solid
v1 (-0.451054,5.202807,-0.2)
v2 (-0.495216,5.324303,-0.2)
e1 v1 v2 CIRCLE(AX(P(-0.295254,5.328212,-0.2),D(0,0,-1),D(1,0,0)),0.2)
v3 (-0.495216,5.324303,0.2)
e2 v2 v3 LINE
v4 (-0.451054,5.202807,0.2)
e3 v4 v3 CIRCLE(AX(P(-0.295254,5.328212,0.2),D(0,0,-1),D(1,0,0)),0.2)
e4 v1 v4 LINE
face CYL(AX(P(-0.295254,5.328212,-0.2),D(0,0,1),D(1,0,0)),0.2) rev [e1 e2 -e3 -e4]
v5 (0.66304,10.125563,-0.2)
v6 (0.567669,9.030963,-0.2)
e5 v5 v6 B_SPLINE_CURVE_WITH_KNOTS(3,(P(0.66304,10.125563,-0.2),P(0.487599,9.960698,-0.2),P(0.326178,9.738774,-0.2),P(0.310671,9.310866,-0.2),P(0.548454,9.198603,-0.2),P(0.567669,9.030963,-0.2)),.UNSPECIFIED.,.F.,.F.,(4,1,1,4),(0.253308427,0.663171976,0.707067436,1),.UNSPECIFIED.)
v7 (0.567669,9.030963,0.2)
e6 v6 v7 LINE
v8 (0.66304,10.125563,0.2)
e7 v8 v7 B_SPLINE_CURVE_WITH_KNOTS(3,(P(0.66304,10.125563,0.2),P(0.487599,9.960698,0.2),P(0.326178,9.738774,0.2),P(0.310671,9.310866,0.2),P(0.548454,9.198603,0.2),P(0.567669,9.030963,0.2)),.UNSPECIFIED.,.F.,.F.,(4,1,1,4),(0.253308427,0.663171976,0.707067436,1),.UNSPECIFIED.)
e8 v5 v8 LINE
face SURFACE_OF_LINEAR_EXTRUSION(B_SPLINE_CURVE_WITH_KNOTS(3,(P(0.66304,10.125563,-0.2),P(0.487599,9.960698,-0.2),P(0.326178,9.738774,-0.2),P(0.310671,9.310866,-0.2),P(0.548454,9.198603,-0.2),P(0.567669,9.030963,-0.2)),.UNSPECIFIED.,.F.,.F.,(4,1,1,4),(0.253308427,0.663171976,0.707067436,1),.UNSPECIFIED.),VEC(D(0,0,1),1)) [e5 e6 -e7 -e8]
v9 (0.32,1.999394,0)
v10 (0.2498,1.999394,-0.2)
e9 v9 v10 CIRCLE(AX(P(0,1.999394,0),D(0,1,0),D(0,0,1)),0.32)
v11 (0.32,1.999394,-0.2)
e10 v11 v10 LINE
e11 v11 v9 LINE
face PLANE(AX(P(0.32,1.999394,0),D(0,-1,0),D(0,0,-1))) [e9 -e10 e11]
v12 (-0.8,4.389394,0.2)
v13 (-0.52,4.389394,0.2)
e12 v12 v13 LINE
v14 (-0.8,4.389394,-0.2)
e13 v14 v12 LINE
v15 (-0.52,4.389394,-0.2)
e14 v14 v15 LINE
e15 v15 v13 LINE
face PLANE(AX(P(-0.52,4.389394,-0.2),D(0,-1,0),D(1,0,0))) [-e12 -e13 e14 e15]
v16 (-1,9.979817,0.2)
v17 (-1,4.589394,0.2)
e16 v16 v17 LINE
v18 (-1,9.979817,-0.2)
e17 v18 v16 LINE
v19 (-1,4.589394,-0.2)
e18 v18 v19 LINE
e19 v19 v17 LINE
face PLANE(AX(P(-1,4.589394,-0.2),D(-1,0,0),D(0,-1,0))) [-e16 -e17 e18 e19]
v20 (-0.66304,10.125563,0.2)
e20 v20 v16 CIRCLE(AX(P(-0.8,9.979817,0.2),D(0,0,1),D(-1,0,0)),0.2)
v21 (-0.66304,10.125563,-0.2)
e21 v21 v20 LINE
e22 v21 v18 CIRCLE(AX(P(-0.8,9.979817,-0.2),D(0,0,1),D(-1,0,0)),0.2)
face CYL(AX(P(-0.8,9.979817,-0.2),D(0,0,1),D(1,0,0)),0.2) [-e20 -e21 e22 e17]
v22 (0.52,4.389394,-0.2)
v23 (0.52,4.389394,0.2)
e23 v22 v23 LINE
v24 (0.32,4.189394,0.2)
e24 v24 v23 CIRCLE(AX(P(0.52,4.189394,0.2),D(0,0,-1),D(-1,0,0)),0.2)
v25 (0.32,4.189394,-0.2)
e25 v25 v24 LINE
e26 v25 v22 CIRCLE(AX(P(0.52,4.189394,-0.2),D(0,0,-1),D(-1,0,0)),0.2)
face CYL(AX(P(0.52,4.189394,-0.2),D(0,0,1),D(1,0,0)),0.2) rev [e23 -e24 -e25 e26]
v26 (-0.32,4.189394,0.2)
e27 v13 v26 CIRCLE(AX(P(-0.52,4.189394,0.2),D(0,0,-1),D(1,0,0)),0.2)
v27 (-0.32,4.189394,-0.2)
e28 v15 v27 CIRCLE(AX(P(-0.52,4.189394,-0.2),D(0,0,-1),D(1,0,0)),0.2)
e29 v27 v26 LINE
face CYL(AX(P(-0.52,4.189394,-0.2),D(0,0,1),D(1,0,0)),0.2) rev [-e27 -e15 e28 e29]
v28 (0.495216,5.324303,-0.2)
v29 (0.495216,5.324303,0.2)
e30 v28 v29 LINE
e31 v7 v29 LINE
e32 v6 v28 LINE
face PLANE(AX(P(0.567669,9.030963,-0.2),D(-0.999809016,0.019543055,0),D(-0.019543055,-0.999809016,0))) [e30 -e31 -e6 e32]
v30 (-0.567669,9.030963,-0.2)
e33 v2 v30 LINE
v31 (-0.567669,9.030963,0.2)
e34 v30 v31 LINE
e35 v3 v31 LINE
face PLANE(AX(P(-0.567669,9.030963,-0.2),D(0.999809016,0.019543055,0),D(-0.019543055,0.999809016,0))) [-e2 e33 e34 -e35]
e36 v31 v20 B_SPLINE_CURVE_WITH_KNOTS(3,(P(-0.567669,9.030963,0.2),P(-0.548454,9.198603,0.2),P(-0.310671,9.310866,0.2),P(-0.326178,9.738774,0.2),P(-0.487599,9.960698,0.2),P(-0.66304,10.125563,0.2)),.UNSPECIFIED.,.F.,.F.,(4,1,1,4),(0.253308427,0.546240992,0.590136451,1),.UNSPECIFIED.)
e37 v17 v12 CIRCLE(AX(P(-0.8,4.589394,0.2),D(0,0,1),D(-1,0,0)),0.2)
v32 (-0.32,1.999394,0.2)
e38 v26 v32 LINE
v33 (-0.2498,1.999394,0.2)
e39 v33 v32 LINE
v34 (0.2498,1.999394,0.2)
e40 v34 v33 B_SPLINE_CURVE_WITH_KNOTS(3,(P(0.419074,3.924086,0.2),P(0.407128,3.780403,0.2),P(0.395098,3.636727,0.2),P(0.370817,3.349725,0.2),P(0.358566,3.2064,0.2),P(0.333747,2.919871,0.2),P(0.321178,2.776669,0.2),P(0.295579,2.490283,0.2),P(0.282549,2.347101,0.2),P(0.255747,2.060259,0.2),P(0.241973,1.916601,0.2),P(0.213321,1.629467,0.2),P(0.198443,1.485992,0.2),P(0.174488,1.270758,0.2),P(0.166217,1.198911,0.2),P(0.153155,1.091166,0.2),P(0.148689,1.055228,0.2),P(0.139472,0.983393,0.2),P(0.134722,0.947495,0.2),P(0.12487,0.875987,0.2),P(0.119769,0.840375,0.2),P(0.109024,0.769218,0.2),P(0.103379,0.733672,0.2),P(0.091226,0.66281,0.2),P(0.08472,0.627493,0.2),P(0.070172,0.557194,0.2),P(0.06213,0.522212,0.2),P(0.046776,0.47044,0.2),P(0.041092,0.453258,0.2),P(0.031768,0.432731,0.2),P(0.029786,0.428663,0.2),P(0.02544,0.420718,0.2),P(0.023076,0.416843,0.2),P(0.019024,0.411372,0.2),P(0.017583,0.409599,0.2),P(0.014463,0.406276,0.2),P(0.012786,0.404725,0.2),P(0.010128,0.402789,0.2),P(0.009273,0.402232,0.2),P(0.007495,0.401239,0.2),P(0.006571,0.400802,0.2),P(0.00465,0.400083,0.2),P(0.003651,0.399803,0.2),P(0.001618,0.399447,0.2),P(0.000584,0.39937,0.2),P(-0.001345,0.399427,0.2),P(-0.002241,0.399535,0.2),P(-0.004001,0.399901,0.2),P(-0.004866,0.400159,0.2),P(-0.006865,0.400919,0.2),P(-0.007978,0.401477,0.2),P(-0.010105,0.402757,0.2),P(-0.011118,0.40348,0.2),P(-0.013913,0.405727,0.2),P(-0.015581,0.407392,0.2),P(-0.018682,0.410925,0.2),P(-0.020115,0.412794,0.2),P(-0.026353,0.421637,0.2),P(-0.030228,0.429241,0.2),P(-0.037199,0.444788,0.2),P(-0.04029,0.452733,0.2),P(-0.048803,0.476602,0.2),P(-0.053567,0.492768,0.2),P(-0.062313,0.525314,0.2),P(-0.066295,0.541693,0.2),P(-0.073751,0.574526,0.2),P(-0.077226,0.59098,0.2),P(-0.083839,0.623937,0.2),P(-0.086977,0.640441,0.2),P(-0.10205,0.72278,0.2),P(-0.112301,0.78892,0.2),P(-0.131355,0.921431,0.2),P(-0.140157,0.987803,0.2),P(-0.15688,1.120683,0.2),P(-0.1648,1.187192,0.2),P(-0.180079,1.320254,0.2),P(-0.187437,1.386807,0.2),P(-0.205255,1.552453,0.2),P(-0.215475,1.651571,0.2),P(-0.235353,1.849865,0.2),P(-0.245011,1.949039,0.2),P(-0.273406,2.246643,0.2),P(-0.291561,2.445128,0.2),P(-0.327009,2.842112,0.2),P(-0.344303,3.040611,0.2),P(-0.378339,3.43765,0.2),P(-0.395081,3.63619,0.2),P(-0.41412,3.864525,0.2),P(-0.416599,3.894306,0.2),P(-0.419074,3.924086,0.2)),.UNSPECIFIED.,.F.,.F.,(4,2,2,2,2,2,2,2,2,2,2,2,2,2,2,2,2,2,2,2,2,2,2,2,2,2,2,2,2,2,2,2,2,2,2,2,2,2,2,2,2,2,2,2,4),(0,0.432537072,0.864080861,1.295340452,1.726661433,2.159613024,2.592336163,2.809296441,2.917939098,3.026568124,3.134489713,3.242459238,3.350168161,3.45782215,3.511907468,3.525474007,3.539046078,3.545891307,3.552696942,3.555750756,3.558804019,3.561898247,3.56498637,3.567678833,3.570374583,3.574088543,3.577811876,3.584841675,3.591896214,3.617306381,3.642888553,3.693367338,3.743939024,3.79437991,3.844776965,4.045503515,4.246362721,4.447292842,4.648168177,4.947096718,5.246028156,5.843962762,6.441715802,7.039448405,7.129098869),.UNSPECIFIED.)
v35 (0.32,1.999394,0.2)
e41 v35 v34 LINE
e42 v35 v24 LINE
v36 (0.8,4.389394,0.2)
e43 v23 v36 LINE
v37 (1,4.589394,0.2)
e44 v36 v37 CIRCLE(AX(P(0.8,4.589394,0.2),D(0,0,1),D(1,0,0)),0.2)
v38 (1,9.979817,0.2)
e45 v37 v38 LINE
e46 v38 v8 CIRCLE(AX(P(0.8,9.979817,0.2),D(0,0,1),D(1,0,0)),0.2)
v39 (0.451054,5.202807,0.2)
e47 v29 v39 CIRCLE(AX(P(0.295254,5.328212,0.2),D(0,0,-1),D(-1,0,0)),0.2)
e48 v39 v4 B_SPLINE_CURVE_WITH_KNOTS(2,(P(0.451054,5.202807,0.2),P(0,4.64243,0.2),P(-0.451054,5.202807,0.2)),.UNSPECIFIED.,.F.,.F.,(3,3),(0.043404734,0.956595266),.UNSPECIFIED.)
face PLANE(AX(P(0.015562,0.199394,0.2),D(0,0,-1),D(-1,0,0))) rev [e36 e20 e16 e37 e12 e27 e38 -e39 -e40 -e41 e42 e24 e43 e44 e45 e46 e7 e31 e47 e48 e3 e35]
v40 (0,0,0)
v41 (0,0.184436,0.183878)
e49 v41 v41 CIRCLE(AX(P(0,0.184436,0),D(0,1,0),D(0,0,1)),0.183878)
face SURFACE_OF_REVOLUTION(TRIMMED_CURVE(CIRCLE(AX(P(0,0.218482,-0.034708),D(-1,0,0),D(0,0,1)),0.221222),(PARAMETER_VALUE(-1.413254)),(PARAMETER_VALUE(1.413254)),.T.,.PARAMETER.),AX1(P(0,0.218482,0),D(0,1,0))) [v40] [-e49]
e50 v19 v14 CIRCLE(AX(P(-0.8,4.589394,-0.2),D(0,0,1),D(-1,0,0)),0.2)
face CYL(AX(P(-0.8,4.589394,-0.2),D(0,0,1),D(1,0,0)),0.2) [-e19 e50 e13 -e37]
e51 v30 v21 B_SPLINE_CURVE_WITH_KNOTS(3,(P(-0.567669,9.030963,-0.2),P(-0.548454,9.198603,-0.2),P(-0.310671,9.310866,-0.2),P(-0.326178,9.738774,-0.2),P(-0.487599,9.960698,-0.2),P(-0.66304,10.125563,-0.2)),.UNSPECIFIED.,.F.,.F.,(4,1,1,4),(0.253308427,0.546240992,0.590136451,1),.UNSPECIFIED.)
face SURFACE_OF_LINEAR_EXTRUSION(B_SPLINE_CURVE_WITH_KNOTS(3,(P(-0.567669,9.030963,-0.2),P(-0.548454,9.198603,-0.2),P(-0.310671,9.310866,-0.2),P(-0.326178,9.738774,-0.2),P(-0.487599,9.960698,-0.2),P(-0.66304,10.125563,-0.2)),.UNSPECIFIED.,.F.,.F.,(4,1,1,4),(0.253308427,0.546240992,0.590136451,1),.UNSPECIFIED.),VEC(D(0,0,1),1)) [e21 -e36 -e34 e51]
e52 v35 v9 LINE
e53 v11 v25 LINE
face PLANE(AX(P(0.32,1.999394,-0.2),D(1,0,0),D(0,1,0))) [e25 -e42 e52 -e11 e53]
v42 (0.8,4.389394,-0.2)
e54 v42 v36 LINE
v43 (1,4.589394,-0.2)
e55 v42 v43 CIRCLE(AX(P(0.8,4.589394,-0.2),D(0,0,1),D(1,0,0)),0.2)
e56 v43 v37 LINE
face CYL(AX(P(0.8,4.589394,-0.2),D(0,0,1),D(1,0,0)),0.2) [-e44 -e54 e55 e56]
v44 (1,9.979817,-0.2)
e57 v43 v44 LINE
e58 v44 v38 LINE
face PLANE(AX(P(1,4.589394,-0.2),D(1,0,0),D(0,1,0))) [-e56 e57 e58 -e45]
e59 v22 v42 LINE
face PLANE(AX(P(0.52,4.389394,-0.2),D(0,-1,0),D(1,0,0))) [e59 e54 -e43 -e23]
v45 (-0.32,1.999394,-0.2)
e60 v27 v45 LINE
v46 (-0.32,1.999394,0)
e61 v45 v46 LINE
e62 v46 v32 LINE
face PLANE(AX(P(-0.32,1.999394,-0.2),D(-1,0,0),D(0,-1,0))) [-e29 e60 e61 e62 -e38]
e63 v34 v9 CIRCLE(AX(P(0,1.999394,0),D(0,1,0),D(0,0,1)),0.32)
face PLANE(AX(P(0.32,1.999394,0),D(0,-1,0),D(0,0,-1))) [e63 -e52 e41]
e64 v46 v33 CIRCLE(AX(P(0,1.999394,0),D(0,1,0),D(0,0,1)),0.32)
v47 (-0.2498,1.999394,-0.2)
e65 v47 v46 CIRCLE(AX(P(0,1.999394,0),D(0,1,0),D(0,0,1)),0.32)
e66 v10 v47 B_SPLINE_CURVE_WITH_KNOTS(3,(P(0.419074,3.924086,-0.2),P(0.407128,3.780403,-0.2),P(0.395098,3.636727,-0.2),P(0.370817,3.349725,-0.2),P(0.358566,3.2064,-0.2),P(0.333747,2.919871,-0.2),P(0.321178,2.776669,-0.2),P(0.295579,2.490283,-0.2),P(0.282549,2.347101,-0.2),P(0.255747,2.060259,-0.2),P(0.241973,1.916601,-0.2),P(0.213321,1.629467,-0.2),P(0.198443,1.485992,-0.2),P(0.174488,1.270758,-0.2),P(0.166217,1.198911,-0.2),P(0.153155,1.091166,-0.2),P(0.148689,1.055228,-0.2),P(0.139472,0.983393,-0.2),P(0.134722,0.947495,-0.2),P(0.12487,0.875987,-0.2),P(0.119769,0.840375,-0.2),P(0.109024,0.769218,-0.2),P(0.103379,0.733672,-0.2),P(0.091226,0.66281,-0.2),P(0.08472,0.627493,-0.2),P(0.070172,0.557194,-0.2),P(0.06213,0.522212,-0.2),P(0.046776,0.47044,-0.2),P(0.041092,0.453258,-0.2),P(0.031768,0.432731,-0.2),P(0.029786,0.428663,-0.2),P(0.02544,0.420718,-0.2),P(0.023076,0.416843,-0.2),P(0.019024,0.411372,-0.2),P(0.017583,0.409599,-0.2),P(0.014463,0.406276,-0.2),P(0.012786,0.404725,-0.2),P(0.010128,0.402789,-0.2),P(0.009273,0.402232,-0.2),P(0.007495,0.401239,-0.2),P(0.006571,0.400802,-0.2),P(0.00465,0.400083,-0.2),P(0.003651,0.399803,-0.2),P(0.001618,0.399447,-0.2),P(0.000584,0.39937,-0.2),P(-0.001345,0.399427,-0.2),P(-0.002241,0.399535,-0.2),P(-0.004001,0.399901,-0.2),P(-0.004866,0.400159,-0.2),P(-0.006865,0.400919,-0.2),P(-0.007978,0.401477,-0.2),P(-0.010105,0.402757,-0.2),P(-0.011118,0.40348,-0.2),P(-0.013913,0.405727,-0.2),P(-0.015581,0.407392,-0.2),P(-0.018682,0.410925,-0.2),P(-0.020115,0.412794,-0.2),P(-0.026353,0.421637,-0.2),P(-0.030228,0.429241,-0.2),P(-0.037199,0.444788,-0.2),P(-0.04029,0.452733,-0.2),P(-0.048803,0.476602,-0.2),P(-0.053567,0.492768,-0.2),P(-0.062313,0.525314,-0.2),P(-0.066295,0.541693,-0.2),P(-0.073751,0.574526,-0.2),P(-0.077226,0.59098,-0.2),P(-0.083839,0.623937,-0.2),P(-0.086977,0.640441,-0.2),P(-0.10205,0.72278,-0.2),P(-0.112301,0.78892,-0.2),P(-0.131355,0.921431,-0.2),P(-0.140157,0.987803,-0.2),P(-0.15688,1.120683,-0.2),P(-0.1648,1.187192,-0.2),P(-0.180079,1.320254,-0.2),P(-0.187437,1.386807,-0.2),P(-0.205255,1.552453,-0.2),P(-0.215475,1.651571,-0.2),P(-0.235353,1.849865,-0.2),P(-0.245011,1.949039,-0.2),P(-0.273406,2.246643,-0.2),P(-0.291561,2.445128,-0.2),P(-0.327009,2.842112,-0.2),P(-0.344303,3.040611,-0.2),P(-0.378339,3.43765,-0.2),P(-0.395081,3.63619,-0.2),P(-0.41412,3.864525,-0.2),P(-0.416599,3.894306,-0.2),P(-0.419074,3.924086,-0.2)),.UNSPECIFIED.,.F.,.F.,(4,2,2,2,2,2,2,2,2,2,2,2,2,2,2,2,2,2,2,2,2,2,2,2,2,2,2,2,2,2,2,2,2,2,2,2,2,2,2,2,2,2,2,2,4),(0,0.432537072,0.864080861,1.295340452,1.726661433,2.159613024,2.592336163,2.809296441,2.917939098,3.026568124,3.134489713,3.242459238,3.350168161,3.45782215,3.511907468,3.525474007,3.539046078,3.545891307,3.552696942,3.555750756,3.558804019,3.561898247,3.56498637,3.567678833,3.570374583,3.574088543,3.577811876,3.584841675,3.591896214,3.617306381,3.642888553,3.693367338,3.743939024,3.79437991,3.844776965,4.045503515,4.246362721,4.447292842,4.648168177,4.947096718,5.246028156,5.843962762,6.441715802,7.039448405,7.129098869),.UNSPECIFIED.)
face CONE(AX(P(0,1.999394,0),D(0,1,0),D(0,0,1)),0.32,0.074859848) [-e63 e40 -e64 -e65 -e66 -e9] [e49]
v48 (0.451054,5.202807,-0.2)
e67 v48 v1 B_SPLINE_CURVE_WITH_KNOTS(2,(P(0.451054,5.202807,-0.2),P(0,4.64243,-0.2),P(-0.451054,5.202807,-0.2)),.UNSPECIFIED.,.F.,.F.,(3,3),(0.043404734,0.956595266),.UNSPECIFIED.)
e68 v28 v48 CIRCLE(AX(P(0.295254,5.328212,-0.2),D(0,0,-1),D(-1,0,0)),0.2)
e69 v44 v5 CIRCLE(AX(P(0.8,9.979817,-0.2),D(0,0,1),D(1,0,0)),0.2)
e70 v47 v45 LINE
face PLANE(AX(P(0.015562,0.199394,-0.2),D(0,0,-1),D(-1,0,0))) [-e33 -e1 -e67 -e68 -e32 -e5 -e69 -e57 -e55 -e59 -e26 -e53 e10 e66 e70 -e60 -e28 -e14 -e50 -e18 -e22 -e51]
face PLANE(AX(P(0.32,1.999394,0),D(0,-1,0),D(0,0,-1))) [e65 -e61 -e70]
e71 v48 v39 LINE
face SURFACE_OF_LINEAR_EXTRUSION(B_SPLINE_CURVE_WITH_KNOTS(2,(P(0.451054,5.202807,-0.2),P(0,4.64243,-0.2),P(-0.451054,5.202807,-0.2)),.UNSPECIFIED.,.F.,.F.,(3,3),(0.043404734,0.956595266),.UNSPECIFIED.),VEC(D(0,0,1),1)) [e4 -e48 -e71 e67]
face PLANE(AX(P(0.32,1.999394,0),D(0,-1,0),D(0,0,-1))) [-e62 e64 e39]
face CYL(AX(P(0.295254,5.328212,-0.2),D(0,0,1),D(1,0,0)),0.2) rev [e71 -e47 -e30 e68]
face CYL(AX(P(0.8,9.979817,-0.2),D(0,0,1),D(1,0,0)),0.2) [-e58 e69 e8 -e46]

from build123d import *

# Parameters (mm, degrees)
BOSS_EXTRUDE1_DEPTH = 0.2


with BuildPart() as part:
    # Sketch1 → Boss-Extrude1 (new body, symmetric)
    with BuildSketch(Plane.XY):
        with BuildLine():
            Line((-0.32, 1.999393664), (-0.32, 4.189393664))
            ThreePointArc((-0.32, 4.189393664), (-0.378578644, 4.33081502), (-0.52, 4.389393664))
            Line((-0.52, 4.389393664), (-0.8, 4.389393664))
            ThreePointArc((-0.8, 4.389393664), (-0.941421356, 4.447972308), (-1, 4.589393664))
            Line((-1, 4.589393664), (-1, 9.979817201))
            ThreePointArc((-1, 9.979817201), (-0.87939743, 10.163382034), (-0.663039519, 10.125562961))
            add(Edge.make_bspline(
                [(-0.663039519, 10.125562961), (-0.487599251, 9.960697902), (-0.326177604, 9.738773555), (-0.310671132, 9.310865905), (-0.548453888, 9.198603212), (-0.567669208, 9.030963485)],
                knots=[0.253308427, 0.253308427, 0.253308427, 0.253308427, 0.663171976, 0.707067436, 1, 1, 1, 1], degree=3))
            Line((-0.567669208, 9.030963485), (-0.495215905, 5.324303234))
            ThreePointArc((-0.495215905, 5.324303234), (-0.483221967, 5.259888483), (-0.451053839, 5.202806733))
            add(Edge.make_bspline(
                [(-0.451053839, 5.202806733), (0, 4.642430299), (0.451053839, 5.202806733)],
                knots=[0.043404734, 0.043404734, 0.043404734, 0.956595266, 0.956595266, 0.956595266], degree=2))
            ThreePointArc((0.451053839, 5.202806733), (0.483221967, 5.259888483), (0.495215905, 5.324303234))
            Line((0.495215905, 5.324303234), (0.567669208, 9.030963485))
            add(Edge.make_bspline(
                [(0.663039519, 10.125562961), (0.487599251, 9.960697902), (0.326177604, 9.738773555), (0.310671132, 9.310865905), (0.548453888, 9.198603212), (0.567669208, 9.030963485)],
                knots=[0.253308427, 0.253308427, 0.253308427, 0.253308427, 0.663171976, 0.707067436, 1, 1, 1, 1], degree=3))
            ThreePointArc((0.663039519, 10.125562961), (0.87939743, 10.163382034), (1, 9.979817201))
            Line((1, 9.979817201), (1, 4.589393664))
            ThreePointArc((1, 4.589393664), (0.941421356, 4.447972308), (0.8, 4.389393664))
            Line((0.8, 4.389393664), (0.52, 4.389393664))
            ThreePointArc((0.52, 4.389393664), (0.378578644, 4.33081502), (0.32, 4.189393664))
            Line((0.32, 4.189393664), (0.32, 1.999393664))
            Line((0.32, 1.999393664), (0.183878151, 0.184435674))
            ThreePointArc((0.183878151, 0.184435674), (0.126073555, 0.058186541), (0, 0))
            ThreePointArc((0, 0), (-0.126073555, 0.058186541), (-0.183878151, 0.184435674))
            Line((-0.183878151, 0.184435674), (-0.32, 1.999393664))
        make_face()
    extrude(amount=BOSS_EXTRUDE1_DEPTH, both=True)

    # Esquisse1 → Enlèvement de matière-Révolution1 (revolve, cut)
    with BuildSketch(Plane.XY, mode=Mode.PRIVATE) as enl_vement_de_mati_re_r_volution1_sk:
        with BuildLine():
            Line((1, -0.500606336), (0, -0.500606336))
            Line((0, -0.500606336), (0, 0))
            ThreePointArc((0, 0), (0.121956037, 0.062291613), (0.183878151, 0.184435674))
            Line((0.183878151, 0.184435674), (0.32, 1.999393664))
            Line((0.32, 1.999393664), (1, 1.999393664))
            Line((1, 1.999393664), (1, -0.500606336))
        make_face()
    revolve(enl_vement_de_mati_re_r_volution1_sk.sketch.rotate(Axis((0, 4.922618516, 0), (0, -1, 0)), 90), axis=Axis((0, 4.922618516, 0), (0, -1, 0)), mode=Mode.SUBTRACT)  # turned: the seam where the file's is


solid = part.part
